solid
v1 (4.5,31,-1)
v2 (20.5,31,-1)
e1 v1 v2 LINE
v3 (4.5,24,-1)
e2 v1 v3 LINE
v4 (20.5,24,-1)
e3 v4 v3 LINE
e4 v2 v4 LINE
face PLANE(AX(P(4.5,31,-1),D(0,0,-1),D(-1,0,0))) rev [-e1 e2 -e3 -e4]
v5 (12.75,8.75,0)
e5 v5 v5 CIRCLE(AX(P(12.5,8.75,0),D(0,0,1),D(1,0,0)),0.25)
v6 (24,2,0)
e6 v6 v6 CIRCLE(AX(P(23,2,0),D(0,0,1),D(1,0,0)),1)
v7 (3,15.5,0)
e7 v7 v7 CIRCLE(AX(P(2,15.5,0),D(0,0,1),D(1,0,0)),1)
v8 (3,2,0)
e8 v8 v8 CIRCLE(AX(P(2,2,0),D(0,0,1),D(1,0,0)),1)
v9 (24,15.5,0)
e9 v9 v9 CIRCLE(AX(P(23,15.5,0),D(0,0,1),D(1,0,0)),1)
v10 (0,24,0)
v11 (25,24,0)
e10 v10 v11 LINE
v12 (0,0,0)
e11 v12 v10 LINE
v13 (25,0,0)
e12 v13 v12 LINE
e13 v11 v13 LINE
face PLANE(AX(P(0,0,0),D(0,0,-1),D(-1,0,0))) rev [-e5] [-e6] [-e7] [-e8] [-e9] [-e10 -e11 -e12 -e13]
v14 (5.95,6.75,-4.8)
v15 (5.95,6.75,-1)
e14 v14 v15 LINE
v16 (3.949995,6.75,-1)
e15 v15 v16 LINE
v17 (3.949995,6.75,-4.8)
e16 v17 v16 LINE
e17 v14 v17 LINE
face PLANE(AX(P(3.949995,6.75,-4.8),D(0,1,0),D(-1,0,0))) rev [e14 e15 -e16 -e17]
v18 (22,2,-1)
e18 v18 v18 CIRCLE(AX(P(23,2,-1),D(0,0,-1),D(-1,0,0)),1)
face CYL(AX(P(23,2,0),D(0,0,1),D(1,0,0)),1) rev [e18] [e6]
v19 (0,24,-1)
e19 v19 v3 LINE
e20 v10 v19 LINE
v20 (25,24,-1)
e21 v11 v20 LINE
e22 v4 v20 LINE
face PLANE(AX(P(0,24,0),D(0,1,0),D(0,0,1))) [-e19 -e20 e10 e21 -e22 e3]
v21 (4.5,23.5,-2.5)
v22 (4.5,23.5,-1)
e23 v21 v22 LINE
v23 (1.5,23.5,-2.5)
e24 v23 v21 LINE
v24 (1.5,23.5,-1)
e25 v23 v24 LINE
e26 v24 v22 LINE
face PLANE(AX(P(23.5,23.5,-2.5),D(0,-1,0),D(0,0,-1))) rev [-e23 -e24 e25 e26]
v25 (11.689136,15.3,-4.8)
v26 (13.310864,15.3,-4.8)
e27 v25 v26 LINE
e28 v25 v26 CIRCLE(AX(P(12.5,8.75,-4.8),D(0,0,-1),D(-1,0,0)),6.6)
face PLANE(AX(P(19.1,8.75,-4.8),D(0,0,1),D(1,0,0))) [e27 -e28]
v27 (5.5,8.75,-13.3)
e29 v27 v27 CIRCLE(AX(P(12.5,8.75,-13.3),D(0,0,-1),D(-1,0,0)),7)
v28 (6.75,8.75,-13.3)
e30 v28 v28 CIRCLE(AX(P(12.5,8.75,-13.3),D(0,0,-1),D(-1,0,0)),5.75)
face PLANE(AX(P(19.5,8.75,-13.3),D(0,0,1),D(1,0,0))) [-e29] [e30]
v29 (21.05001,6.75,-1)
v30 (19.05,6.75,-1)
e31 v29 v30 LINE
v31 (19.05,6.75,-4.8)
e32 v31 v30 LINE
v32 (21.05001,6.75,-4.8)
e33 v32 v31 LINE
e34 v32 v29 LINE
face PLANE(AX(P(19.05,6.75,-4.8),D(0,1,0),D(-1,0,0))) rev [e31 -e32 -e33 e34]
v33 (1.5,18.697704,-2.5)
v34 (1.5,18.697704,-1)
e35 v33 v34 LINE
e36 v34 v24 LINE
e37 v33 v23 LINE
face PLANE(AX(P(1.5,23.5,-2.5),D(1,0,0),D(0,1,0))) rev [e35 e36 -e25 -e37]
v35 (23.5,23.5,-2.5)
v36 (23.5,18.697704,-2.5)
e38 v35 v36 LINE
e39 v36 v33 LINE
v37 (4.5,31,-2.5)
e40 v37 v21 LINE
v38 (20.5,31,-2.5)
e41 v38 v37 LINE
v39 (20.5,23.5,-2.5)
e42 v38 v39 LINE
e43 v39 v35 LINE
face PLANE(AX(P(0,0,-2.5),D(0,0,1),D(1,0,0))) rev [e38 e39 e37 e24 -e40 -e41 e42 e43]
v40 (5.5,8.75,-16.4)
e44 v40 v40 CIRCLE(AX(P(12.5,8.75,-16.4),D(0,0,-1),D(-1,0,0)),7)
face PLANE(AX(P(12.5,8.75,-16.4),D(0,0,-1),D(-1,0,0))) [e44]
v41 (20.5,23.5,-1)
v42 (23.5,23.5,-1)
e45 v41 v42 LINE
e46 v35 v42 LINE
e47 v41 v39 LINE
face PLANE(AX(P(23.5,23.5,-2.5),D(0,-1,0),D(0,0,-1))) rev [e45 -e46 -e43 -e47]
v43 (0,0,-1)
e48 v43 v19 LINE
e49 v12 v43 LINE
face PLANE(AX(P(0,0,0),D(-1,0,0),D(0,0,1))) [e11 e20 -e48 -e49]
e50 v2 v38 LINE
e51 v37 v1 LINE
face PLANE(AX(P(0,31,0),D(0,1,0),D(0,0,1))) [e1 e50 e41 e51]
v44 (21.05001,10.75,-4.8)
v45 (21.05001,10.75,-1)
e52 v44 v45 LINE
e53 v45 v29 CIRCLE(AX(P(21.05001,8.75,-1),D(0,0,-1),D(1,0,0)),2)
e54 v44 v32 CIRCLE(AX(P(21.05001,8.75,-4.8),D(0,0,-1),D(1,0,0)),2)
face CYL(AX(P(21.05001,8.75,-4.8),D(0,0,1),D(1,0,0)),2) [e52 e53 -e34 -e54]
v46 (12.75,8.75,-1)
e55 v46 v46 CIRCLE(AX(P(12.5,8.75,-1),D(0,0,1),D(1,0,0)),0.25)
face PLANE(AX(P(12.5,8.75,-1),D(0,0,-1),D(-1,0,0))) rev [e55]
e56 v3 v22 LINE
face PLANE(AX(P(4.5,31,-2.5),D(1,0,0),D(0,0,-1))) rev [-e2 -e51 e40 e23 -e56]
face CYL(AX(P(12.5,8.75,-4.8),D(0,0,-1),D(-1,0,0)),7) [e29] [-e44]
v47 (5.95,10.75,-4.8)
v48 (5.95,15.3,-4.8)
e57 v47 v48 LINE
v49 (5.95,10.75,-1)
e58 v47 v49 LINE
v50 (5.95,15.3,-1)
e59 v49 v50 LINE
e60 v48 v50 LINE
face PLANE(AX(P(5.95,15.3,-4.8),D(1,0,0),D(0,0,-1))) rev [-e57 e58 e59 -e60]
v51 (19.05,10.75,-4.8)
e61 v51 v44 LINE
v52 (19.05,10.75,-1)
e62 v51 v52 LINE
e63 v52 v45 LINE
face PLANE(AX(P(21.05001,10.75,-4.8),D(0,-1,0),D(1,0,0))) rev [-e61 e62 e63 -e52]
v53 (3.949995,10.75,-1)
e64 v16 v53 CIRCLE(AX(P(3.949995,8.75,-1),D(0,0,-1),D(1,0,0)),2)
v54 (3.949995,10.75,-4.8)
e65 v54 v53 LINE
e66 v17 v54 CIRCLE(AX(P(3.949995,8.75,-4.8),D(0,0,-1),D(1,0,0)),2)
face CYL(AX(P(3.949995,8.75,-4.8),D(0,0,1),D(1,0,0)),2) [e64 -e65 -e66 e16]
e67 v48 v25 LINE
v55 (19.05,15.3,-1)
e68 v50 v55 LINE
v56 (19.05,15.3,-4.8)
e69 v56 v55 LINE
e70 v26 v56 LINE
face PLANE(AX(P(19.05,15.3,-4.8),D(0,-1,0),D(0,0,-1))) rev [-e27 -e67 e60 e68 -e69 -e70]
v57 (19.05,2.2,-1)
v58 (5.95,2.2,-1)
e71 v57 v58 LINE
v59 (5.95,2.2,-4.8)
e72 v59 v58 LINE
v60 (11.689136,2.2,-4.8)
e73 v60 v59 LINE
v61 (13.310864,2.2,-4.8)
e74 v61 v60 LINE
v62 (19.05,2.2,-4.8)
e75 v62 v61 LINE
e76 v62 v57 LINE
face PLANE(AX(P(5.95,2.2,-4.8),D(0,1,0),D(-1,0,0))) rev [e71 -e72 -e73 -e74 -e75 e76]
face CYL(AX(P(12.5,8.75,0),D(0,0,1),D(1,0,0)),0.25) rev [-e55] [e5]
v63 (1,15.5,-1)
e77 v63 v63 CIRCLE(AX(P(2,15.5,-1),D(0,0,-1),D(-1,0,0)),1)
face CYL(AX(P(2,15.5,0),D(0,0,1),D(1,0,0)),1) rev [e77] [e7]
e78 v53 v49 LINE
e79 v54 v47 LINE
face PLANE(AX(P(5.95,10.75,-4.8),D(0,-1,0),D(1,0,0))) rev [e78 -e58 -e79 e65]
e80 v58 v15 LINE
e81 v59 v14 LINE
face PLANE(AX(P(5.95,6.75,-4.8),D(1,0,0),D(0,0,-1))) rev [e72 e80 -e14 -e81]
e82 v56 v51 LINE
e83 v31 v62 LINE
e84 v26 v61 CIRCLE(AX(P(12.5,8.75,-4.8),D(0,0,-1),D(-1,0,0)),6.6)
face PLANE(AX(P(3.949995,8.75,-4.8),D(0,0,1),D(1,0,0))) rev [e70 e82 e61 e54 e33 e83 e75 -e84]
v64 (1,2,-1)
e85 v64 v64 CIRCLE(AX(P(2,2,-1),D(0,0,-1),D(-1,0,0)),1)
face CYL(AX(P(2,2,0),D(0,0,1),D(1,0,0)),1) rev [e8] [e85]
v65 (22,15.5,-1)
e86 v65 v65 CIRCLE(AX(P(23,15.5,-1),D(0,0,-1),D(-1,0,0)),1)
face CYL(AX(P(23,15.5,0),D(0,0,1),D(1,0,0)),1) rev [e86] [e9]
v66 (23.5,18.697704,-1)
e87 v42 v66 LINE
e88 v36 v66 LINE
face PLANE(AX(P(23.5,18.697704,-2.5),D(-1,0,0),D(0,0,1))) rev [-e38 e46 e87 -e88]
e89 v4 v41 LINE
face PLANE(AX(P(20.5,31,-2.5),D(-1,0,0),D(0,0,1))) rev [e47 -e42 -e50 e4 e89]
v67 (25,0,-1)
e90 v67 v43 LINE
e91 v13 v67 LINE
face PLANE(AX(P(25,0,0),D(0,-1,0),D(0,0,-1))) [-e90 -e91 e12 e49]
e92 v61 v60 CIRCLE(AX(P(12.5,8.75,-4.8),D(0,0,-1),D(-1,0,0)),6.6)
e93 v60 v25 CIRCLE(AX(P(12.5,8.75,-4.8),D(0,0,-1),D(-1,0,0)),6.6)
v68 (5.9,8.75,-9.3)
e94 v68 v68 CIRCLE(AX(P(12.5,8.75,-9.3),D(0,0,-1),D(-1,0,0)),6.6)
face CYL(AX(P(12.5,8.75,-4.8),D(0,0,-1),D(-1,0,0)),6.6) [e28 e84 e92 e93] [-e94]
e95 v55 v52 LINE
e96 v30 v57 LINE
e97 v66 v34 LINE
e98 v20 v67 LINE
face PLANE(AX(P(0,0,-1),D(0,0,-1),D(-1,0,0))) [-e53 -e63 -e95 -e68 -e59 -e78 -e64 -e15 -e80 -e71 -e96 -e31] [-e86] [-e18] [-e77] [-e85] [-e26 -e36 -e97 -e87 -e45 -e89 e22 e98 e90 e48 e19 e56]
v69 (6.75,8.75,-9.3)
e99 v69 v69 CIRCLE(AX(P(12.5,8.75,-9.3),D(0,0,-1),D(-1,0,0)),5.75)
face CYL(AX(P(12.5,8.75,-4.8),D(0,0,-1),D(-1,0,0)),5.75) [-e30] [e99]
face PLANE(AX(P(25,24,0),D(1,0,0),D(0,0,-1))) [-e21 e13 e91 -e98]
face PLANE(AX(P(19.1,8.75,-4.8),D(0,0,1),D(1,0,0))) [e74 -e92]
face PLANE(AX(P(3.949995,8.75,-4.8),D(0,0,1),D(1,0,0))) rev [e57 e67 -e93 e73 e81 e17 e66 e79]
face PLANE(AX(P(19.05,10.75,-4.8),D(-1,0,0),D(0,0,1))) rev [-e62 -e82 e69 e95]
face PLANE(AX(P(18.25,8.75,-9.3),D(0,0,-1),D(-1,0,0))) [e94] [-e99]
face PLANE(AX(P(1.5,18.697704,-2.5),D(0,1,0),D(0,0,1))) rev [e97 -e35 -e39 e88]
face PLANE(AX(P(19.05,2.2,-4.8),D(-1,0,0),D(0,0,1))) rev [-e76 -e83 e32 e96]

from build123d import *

# Parameters (mm, degrees)
SKETCH_1_W             = 25
SKETCH_1_H             = 24
EXTRUDE_354_DEPTH      = 1
EXTRUDE_536_DEPTH      = 3.8
SKETCH_3_W             = 22
SKETCH_3_H             = 4.802295703
EXTRUDE_803_DEPTH      = 1.5
HOLE_WIZARD_953_D      = 0.5
HOLE_WIZARD_953_DEPTH  = 1
HOLE_WIZARD_1615_D     = 2
HOLE_WIZARD_1615_DEPTH = 16.4
SKETCH_12_W            = 16
SKETCH_12_H            = 1.5
EXTRUDE_2779_DEPTH     = 7.5


with BuildPart() as part:
    # Эскиз1 → Extrude 354 (new body)
    with BuildSketch(Plane(origin=(0, 0, -1), x_dir=(-1, 0, 0), z_dir=(0, 0, -1))):
        with Locations((-12.5, 12)):
            Rectangle(SKETCH_1_W, SKETCH_1_H)
    extrude(amount=-EXTRUDE_354_DEPTH)

    # Эскиз2 → Extrude 536 (add)
    with BuildSketch(Plane(origin=(0, 0, -1), x_dir=(-1, 0, 0), z_dir=(0, 0, -1))):
        with BuildLine():
            Line((-5.95, 10.75), (-3.949995117, 10.75))
            ThreePointArc((-3.949995117, 10.75), (-1.949995117, 8.75), (-3.949995117, 6.75))
            Line((-3.949995117, 6.75), (-5.95, 6.75))
            Line((-5.95, 6.75), (-5.95, 2.2))
            Line((-5.95, 2.2), (-19.05, 2.2))
            Line((-19.05, 2.2), (-19.05, 6.75))
            Line((-19.05, 6.75), (-21.050009766, 6.75))
            ThreePointArc((-21.050009766, 6.75), (-23.050009766, 8.75), (-21.050009766, 10.75))
            Line((-21.050009766, 10.75), (-19.05, 10.75))
            Line((-19.05, 10.75), (-19.05, 15.3))
            Line((-19.05, 15.3), (-5.95, 15.3))
            Line((-5.95, 15.3), (-5.95, 10.75))
        make_face()
    extrude(amount=EXTRUDE_536_DEPTH)

    # Эскиз3 → Extrude 803 (add)
    with BuildSketch(Plane(origin=(0, 0, -1), x_dir=(-1, 0, 0), z_dir=(0, 0, -1))):
        with Locations((-12.5, 21.098852149)):
            Rectangle(SKETCH_3_W, SKETCH_3_H)
    extrude(amount=EXTRUDE_803_DEPTH)

    # Эскиз4 → Revolve 894 (revolve)
    with BuildSketch(Plane.XZ.offset(-8.75), mode=Mode.PRIVATE) as revolve_894_sk:
        Polygon((19.1, -4.8), (12.5, -4.8), (12.5, -16.4), (19.5, -16.4), (19.5, -13.3), (18.25, -13.3), (18.25, -9.3), (19.1, -9.3), align=None)
    revolve(revolve_894_sk.sketch.rotate(Axis((12.5, 8.75, -4.8), (0, 0, -1)), 180), axis=Axis((12.5, 8.75, -4.8), (0, 0, -1)))

    # Hole Wizard 953
    with Locations(Plane.XY):
        with Locations((12.5, 8.75)):
            Hole(HOLE_WIZARD_953_D / 2, depth=HOLE_WIZARD_953_DEPTH)

    # Hole Wizard 1615
    with Locations(Plane.XY):
        with Locations((2, 2), (2, 15.5), (23, 15.5), (23, 2)):
            Hole(HOLE_WIZARD_1615_D / 2, depth=HOLE_WIZARD_1615_DEPTH)

    # Эскиз12 → Extrude 2779 (add)
    with BuildSketch(Plane(origin=(0, 23.5, 0), x_dir=(1, 0, 0), z_dir=(0, 1, 0))):
        with Locations((12.5, 1.75)):
            Rectangle(SKETCH_12_W, SKETCH_12_H)
    extrude(amount=EXTRUDE_2779_DEPTH)


solid = part.part
